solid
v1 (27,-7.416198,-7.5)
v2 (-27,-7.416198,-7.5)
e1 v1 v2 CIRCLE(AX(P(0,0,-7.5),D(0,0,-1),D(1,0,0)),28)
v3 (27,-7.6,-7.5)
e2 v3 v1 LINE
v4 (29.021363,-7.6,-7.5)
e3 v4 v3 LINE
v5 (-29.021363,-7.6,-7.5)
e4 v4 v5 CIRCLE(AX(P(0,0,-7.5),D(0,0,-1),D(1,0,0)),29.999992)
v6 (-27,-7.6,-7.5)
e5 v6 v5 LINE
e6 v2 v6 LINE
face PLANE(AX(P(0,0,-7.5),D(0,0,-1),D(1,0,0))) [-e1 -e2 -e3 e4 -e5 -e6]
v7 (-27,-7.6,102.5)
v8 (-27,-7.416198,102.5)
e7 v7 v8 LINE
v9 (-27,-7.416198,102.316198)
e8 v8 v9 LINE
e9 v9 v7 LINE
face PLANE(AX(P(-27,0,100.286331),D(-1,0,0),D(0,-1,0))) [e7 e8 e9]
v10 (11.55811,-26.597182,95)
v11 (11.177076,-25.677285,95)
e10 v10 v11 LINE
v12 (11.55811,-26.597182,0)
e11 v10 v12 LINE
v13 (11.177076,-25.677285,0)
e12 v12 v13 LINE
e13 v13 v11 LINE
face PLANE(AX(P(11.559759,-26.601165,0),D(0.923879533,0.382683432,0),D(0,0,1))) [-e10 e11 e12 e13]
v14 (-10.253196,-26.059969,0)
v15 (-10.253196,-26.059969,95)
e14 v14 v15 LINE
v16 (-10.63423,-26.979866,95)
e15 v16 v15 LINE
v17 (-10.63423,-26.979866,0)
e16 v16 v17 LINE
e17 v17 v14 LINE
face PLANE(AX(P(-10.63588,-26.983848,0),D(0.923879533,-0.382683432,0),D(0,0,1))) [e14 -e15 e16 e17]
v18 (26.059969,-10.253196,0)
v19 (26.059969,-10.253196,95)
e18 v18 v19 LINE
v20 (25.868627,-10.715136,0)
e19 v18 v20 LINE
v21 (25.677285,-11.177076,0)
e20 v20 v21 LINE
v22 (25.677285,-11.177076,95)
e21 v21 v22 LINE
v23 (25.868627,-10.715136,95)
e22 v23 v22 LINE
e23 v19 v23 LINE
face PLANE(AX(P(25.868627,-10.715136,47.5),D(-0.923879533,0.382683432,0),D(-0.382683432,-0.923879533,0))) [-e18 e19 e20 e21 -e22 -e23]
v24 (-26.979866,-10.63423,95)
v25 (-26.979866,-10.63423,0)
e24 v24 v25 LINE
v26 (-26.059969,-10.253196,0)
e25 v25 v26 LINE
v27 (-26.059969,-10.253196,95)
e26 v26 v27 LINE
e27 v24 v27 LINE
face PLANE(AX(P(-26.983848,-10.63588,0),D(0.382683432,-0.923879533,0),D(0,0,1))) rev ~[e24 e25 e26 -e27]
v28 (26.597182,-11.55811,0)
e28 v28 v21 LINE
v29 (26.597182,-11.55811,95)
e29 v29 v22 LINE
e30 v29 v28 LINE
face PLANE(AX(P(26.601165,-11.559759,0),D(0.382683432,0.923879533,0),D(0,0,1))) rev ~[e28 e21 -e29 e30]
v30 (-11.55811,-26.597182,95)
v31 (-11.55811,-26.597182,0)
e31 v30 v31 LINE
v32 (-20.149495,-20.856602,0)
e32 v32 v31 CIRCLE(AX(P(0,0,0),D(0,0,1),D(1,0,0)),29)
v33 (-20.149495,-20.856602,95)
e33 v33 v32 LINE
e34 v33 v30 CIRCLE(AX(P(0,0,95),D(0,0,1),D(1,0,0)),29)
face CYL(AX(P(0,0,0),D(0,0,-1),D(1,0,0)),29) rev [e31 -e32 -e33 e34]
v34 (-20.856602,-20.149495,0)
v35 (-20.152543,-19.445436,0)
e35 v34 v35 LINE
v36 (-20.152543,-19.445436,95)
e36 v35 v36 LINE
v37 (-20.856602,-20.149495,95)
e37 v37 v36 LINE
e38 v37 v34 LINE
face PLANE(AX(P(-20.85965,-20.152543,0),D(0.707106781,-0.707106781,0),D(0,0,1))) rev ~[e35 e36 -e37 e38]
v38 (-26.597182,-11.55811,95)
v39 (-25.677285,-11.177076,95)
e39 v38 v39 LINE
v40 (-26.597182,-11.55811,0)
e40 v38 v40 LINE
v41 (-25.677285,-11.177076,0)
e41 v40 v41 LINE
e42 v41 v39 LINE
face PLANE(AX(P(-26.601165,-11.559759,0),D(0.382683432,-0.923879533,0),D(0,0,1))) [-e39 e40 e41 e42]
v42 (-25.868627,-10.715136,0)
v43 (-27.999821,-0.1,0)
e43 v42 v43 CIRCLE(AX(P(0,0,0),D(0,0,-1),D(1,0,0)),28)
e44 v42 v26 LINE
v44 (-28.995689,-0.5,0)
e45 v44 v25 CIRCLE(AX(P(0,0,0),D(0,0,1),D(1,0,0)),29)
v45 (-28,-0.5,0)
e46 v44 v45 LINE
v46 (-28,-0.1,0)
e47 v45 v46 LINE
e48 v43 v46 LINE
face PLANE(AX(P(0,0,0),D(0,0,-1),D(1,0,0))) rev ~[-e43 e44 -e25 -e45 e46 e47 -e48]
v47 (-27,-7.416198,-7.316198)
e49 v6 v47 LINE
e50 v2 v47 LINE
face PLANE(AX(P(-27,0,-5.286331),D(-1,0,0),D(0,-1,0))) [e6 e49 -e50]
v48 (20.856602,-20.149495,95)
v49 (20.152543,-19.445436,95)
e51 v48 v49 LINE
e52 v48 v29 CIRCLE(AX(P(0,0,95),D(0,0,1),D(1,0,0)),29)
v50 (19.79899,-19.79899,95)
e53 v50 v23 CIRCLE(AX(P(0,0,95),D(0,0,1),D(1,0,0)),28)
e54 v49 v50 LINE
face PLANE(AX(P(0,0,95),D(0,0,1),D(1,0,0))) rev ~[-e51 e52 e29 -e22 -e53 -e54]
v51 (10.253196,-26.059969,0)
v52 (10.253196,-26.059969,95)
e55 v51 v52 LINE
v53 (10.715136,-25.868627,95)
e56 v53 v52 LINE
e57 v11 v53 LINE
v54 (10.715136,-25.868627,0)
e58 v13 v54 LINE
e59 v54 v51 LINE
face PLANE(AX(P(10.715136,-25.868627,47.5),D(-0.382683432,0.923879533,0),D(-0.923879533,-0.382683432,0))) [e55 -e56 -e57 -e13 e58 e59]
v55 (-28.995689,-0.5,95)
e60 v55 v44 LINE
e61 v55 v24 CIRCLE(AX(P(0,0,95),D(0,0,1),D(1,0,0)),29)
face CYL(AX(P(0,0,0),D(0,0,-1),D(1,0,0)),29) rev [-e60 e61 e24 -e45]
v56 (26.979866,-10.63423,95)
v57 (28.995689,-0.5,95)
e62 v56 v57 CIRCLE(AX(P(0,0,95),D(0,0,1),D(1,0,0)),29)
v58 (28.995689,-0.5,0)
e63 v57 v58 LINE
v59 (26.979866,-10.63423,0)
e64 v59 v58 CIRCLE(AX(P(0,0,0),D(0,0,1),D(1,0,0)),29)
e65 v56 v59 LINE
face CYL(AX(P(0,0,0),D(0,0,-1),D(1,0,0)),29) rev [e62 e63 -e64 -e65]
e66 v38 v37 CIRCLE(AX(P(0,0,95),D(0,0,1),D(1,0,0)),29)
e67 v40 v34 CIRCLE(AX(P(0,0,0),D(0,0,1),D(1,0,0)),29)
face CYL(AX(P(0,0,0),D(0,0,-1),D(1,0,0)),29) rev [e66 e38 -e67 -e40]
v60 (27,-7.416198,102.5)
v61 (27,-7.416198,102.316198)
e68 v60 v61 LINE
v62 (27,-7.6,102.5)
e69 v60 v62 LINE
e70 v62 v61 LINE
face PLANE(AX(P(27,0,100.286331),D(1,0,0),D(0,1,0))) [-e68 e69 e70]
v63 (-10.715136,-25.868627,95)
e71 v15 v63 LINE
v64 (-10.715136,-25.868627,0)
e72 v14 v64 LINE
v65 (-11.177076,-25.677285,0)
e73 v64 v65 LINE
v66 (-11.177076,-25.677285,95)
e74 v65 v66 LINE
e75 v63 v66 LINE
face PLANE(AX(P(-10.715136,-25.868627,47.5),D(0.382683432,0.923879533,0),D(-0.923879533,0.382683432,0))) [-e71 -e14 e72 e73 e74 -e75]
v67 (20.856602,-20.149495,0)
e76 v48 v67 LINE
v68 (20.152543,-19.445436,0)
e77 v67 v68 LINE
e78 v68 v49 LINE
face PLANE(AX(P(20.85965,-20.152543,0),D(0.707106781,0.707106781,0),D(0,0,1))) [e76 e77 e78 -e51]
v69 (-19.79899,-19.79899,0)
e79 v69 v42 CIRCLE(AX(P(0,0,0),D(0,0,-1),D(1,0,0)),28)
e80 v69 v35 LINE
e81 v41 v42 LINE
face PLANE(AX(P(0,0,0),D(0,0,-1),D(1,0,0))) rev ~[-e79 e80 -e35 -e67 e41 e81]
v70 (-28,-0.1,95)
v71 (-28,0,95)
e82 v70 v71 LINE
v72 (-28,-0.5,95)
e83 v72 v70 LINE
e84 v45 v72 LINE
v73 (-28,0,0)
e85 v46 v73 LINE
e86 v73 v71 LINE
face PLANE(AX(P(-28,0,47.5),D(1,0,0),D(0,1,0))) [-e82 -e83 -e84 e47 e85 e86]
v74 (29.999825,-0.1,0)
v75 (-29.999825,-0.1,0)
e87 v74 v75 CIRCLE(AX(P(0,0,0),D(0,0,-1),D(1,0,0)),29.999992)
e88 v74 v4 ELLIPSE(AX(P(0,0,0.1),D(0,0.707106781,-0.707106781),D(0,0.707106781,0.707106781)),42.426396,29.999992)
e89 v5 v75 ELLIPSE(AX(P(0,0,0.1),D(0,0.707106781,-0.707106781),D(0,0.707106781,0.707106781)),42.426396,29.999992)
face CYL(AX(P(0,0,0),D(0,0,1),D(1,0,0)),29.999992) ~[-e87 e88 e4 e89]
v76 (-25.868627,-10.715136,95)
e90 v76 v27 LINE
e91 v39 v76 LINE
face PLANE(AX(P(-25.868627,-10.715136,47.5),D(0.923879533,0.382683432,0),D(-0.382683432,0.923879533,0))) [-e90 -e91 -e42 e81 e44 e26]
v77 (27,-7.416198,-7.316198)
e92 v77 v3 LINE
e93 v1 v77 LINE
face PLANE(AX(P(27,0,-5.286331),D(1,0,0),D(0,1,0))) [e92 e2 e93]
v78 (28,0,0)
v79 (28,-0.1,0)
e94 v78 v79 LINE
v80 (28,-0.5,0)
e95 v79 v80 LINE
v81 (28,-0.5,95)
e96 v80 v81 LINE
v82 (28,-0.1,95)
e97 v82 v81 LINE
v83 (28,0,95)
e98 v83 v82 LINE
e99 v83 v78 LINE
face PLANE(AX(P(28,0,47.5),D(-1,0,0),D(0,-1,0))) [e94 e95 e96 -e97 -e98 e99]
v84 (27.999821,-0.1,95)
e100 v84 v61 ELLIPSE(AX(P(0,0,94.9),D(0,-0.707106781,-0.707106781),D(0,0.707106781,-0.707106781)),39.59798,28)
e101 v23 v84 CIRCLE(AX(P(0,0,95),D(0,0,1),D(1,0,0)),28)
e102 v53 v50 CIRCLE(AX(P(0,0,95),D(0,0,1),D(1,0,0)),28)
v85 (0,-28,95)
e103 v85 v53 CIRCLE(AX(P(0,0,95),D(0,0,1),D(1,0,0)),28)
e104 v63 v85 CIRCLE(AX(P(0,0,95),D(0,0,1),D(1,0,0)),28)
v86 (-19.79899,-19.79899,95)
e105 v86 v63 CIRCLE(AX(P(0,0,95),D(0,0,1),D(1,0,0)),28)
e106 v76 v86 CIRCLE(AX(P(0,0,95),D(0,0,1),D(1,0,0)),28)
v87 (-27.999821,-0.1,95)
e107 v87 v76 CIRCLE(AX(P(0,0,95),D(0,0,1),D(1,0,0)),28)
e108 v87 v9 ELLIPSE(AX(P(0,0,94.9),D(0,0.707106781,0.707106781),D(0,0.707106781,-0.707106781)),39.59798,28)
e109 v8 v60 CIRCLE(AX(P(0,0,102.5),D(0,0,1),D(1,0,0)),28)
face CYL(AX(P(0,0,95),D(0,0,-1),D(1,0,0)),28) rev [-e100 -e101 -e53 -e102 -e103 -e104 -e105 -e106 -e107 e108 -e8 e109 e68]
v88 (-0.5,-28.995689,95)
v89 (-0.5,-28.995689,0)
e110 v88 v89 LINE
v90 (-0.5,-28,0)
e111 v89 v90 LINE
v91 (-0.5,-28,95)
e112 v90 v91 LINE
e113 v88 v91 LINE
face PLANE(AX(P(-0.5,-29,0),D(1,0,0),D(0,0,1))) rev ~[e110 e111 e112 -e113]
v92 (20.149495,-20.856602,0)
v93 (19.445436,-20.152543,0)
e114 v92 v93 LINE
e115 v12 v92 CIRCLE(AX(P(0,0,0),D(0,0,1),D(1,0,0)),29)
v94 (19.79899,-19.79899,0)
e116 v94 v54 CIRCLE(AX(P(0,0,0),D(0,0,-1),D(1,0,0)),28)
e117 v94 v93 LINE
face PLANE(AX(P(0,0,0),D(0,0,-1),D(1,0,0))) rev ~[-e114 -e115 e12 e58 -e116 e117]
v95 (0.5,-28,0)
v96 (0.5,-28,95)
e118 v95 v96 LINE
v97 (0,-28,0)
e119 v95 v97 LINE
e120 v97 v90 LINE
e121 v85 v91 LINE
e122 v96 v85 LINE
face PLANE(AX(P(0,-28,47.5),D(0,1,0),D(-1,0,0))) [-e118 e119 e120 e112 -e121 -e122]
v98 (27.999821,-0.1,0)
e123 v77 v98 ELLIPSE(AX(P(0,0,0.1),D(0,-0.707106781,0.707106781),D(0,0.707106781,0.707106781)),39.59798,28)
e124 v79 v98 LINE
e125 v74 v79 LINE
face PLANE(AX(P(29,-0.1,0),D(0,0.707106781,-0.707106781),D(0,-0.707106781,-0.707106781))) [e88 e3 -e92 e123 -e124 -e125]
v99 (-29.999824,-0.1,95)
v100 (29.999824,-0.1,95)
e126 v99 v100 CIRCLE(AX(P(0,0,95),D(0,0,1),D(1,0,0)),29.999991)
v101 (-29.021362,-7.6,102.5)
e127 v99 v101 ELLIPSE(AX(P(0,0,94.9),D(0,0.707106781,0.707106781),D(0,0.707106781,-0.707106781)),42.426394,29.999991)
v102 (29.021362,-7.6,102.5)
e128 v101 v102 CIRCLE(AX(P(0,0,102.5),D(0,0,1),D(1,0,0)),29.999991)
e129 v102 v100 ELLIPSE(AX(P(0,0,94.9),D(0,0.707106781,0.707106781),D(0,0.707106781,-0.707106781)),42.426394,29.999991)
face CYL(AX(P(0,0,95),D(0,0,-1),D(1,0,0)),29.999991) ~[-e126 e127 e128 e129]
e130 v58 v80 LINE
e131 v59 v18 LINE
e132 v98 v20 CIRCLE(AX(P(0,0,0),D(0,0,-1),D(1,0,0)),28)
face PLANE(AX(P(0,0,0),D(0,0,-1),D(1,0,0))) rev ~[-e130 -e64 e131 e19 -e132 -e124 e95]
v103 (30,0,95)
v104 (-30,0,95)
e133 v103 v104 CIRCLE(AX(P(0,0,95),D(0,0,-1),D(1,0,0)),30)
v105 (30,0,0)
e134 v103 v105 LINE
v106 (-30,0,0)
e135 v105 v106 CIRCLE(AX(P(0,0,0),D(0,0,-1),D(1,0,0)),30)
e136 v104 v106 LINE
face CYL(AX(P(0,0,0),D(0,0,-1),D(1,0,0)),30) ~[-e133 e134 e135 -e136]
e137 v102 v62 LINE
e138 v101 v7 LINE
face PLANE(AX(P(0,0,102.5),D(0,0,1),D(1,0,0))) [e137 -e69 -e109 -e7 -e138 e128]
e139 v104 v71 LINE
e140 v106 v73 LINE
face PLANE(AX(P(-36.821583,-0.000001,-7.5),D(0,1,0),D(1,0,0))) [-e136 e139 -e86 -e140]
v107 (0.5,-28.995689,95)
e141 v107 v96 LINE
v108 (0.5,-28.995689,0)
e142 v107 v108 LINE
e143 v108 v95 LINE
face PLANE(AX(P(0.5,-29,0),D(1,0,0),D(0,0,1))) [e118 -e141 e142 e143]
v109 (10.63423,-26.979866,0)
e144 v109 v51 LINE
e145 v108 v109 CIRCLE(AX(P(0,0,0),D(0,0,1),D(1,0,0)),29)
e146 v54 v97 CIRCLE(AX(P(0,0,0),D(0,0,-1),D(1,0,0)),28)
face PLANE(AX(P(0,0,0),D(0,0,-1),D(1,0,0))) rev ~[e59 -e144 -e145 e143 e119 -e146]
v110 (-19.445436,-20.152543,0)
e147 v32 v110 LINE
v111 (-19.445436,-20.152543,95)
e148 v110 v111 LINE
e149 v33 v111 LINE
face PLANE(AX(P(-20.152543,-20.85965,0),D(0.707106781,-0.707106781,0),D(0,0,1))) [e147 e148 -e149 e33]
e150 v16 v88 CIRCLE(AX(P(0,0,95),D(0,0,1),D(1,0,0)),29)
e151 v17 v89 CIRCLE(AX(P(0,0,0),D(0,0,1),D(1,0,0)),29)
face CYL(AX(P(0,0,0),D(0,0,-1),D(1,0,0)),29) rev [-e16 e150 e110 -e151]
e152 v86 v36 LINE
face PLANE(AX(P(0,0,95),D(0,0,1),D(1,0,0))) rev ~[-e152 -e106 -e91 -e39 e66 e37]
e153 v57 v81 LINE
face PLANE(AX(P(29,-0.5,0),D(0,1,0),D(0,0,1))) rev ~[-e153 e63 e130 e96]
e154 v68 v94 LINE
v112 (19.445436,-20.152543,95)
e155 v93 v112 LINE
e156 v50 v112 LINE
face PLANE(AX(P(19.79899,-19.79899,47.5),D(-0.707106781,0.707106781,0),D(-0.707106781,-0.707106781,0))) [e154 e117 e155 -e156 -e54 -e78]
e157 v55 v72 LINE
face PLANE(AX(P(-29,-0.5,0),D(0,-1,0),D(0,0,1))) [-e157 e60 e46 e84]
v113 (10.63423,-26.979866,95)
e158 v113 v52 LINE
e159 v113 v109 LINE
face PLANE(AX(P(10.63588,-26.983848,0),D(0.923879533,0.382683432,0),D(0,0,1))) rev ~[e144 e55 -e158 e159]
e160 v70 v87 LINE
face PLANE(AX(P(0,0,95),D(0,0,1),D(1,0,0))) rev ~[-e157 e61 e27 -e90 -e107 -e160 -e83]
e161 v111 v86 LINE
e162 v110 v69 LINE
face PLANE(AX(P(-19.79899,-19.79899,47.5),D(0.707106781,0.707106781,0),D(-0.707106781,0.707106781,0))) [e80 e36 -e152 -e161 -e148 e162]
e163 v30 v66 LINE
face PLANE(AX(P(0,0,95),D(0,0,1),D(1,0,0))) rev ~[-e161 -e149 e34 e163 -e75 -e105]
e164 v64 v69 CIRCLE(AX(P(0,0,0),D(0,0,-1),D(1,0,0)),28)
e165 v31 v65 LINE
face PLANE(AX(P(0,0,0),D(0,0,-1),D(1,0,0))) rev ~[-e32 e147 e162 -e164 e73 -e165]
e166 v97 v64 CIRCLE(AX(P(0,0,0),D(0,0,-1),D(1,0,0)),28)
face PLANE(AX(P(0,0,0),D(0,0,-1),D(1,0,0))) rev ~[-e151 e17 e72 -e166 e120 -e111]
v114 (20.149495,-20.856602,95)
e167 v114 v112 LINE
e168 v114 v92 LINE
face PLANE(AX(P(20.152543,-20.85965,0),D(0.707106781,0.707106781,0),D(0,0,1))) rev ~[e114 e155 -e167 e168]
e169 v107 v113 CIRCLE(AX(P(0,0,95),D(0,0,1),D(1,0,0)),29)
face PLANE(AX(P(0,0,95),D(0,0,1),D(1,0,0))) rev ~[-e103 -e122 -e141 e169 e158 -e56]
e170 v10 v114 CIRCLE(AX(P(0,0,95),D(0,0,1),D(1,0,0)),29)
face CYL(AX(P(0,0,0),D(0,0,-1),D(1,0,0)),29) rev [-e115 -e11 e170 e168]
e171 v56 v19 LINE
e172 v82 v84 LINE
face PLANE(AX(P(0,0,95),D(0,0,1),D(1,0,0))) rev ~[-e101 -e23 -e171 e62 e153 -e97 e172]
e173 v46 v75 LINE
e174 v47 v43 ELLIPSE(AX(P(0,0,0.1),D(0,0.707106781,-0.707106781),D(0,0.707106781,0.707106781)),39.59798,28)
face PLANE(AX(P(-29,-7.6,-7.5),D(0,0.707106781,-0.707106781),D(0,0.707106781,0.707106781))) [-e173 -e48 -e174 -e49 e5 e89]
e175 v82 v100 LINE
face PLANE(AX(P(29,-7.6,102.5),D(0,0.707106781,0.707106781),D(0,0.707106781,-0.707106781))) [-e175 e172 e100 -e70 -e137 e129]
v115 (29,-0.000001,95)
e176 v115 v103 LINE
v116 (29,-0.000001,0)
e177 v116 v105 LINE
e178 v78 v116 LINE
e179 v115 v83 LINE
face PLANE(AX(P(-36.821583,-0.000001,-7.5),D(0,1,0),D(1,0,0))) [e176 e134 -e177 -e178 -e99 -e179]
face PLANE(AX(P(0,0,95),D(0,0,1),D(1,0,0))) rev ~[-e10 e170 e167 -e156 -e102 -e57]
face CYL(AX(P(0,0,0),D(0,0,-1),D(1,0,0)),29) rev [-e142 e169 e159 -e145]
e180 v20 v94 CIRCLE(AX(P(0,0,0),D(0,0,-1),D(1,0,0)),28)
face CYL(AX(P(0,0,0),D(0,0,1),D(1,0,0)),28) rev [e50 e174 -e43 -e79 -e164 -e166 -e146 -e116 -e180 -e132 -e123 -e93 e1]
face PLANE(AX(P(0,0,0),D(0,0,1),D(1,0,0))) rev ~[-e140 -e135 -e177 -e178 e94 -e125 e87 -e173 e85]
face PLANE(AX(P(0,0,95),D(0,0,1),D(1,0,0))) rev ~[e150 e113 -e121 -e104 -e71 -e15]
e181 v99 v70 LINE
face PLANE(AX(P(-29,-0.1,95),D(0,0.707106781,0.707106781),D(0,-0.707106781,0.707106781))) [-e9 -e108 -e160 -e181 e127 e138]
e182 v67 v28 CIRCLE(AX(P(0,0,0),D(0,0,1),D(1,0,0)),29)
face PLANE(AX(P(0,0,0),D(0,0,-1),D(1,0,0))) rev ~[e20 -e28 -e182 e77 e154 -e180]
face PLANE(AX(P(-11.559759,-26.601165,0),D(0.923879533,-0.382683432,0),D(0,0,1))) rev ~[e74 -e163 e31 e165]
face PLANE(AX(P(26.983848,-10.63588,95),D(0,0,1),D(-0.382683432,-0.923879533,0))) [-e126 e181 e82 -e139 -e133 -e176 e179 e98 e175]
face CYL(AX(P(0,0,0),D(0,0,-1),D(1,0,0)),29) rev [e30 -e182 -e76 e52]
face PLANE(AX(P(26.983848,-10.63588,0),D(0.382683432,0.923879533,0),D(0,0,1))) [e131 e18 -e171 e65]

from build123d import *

# Parameters (mm, degrees)
SKETCH_R              = 30
SKETCH_R_2            = 29
PAD_DEPTH             = 95
SKETCH002_W           = 1
SKETCH002_H           = 95
PAD001_DEPTH          = 1
POLARPATTERN_COUNT    = 16
SKETCH003_R           = 29.999991
SKETCH003_R_2         = 28
PAD002_DEPTH          = 7.5
SKETCH004_R           = 29.999992
SKETCH004_R_2         = 28
PAD003_DEPTH          = 7.5
SKETCH005_W           = 73.447476
SKETCH005_H           = 40.293671
POCKET_DEPTH          = 110.001
POCKET001_DEPTH       = 2
POCKET001_DEPTH_BACK  = 2
POLARPATTERN001_COUNT = 2


with BuildPart() as part:
    # Sketch → Pad (new body)
    with BuildSketch(Plane.XY):
        Circle(SKETCH_R)
        Circle(SKETCH_R_2, mode=Mode.SUBTRACT)
    extrude(amount=PAD_DEPTH)

    # Sketch002 (on DatumPlane) → Pad001 (join)
    with BuildSketch(Plane(origin=(29, 0, 95), x_dir=(0, -1, 0), z_dir=(-1, 0, 0))):
        with Locations((0, -47.5)):
            Rectangle(SKETCH002_W, SKETCH002_H)
    pad001 = extrude(amount=PAD001_DEPTH)

    # PolarPattern: Pad001 ×16 about axis
    polarpattern_axis = Axis((0, 0, 0), (0, 0, 1))
    for i in range(1, POLARPATTERN_COUNT):
        add(pad001.rotate(polarpattern_axis, i * 360 / POLARPATTERN_COUNT))

    # Sketch003 (on Face67 of PolarPattern) → Pad002 (join)
    with BuildSketch(Plane.XY.offset(95)):
        Circle(SKETCH003_R)
        Circle(SKETCH003_R_2, mode=Mode.SUBTRACT)
    extrude(amount=PAD002_DEPTH)

    # Sketch004 (on Face2 of Pad002) → Pad003 (join)
    with BuildSketch(Plane(origin=(0, 0, 0), x_dir=(1, 0, 0), z_dir=(0, 0, -1))):
        Circle(SKETCH004_R)
        Circle(SKETCH004_R_2, mode=Mode.SUBTRACT)
    extrude(amount=PAD003_DEPTH)

    # Sketch005 (on Face4 of Pad003) → Pocket (cut, through all)
    with BuildSketch(Plane(origin=(0, 0, -7.5), x_dir=(1, 0, 0), z_dir=(0, 0, -1))):
        with Locations((-0.097845, -20.146835)):
            Rectangle(SKETCH005_W, SKETCH005_H)
    extrude(amount=-POCKET_DEPTH, mode=Mode.SUBTRACT)

    # Sketch006 (on DatumPlane) → Pocket001 (cut, two sides)
    with BuildSketch(Plane(origin=(29, 0, 95), x_dir=(0, -1, 0), z_dir=(-1, 0, 0))) as pocket001_sk:
        Polygon((-7.6, 7.5), (7.6, 7.5), (0.1, 0), (-0.1, 0), align=None)
        Polygon((7.6, -102.5), (-7.6, -102.5), (-0.1, -95), (0.1, -95), align=None)
    pocket001 = extrude(amount=-POCKET001_DEPTH, mode=Mode.SUBTRACT) + extrude(pocket001_sk.sketch, amount=POCKET001_DEPTH_BACK, mode=Mode.SUBTRACT)

    # PolarPattern001: Pocket001 ×2 about axis
    polarpattern001_axis = Axis((0, 0, 0), (0, 0, 1))
    for i in range(1, POLARPATTERN001_COUNT):
        add(pocket001.rotate(polarpattern001_axis, i * 360 / POLARPATTERN001_COUNT), mode=Mode.SUBTRACT)


solid = part.part
